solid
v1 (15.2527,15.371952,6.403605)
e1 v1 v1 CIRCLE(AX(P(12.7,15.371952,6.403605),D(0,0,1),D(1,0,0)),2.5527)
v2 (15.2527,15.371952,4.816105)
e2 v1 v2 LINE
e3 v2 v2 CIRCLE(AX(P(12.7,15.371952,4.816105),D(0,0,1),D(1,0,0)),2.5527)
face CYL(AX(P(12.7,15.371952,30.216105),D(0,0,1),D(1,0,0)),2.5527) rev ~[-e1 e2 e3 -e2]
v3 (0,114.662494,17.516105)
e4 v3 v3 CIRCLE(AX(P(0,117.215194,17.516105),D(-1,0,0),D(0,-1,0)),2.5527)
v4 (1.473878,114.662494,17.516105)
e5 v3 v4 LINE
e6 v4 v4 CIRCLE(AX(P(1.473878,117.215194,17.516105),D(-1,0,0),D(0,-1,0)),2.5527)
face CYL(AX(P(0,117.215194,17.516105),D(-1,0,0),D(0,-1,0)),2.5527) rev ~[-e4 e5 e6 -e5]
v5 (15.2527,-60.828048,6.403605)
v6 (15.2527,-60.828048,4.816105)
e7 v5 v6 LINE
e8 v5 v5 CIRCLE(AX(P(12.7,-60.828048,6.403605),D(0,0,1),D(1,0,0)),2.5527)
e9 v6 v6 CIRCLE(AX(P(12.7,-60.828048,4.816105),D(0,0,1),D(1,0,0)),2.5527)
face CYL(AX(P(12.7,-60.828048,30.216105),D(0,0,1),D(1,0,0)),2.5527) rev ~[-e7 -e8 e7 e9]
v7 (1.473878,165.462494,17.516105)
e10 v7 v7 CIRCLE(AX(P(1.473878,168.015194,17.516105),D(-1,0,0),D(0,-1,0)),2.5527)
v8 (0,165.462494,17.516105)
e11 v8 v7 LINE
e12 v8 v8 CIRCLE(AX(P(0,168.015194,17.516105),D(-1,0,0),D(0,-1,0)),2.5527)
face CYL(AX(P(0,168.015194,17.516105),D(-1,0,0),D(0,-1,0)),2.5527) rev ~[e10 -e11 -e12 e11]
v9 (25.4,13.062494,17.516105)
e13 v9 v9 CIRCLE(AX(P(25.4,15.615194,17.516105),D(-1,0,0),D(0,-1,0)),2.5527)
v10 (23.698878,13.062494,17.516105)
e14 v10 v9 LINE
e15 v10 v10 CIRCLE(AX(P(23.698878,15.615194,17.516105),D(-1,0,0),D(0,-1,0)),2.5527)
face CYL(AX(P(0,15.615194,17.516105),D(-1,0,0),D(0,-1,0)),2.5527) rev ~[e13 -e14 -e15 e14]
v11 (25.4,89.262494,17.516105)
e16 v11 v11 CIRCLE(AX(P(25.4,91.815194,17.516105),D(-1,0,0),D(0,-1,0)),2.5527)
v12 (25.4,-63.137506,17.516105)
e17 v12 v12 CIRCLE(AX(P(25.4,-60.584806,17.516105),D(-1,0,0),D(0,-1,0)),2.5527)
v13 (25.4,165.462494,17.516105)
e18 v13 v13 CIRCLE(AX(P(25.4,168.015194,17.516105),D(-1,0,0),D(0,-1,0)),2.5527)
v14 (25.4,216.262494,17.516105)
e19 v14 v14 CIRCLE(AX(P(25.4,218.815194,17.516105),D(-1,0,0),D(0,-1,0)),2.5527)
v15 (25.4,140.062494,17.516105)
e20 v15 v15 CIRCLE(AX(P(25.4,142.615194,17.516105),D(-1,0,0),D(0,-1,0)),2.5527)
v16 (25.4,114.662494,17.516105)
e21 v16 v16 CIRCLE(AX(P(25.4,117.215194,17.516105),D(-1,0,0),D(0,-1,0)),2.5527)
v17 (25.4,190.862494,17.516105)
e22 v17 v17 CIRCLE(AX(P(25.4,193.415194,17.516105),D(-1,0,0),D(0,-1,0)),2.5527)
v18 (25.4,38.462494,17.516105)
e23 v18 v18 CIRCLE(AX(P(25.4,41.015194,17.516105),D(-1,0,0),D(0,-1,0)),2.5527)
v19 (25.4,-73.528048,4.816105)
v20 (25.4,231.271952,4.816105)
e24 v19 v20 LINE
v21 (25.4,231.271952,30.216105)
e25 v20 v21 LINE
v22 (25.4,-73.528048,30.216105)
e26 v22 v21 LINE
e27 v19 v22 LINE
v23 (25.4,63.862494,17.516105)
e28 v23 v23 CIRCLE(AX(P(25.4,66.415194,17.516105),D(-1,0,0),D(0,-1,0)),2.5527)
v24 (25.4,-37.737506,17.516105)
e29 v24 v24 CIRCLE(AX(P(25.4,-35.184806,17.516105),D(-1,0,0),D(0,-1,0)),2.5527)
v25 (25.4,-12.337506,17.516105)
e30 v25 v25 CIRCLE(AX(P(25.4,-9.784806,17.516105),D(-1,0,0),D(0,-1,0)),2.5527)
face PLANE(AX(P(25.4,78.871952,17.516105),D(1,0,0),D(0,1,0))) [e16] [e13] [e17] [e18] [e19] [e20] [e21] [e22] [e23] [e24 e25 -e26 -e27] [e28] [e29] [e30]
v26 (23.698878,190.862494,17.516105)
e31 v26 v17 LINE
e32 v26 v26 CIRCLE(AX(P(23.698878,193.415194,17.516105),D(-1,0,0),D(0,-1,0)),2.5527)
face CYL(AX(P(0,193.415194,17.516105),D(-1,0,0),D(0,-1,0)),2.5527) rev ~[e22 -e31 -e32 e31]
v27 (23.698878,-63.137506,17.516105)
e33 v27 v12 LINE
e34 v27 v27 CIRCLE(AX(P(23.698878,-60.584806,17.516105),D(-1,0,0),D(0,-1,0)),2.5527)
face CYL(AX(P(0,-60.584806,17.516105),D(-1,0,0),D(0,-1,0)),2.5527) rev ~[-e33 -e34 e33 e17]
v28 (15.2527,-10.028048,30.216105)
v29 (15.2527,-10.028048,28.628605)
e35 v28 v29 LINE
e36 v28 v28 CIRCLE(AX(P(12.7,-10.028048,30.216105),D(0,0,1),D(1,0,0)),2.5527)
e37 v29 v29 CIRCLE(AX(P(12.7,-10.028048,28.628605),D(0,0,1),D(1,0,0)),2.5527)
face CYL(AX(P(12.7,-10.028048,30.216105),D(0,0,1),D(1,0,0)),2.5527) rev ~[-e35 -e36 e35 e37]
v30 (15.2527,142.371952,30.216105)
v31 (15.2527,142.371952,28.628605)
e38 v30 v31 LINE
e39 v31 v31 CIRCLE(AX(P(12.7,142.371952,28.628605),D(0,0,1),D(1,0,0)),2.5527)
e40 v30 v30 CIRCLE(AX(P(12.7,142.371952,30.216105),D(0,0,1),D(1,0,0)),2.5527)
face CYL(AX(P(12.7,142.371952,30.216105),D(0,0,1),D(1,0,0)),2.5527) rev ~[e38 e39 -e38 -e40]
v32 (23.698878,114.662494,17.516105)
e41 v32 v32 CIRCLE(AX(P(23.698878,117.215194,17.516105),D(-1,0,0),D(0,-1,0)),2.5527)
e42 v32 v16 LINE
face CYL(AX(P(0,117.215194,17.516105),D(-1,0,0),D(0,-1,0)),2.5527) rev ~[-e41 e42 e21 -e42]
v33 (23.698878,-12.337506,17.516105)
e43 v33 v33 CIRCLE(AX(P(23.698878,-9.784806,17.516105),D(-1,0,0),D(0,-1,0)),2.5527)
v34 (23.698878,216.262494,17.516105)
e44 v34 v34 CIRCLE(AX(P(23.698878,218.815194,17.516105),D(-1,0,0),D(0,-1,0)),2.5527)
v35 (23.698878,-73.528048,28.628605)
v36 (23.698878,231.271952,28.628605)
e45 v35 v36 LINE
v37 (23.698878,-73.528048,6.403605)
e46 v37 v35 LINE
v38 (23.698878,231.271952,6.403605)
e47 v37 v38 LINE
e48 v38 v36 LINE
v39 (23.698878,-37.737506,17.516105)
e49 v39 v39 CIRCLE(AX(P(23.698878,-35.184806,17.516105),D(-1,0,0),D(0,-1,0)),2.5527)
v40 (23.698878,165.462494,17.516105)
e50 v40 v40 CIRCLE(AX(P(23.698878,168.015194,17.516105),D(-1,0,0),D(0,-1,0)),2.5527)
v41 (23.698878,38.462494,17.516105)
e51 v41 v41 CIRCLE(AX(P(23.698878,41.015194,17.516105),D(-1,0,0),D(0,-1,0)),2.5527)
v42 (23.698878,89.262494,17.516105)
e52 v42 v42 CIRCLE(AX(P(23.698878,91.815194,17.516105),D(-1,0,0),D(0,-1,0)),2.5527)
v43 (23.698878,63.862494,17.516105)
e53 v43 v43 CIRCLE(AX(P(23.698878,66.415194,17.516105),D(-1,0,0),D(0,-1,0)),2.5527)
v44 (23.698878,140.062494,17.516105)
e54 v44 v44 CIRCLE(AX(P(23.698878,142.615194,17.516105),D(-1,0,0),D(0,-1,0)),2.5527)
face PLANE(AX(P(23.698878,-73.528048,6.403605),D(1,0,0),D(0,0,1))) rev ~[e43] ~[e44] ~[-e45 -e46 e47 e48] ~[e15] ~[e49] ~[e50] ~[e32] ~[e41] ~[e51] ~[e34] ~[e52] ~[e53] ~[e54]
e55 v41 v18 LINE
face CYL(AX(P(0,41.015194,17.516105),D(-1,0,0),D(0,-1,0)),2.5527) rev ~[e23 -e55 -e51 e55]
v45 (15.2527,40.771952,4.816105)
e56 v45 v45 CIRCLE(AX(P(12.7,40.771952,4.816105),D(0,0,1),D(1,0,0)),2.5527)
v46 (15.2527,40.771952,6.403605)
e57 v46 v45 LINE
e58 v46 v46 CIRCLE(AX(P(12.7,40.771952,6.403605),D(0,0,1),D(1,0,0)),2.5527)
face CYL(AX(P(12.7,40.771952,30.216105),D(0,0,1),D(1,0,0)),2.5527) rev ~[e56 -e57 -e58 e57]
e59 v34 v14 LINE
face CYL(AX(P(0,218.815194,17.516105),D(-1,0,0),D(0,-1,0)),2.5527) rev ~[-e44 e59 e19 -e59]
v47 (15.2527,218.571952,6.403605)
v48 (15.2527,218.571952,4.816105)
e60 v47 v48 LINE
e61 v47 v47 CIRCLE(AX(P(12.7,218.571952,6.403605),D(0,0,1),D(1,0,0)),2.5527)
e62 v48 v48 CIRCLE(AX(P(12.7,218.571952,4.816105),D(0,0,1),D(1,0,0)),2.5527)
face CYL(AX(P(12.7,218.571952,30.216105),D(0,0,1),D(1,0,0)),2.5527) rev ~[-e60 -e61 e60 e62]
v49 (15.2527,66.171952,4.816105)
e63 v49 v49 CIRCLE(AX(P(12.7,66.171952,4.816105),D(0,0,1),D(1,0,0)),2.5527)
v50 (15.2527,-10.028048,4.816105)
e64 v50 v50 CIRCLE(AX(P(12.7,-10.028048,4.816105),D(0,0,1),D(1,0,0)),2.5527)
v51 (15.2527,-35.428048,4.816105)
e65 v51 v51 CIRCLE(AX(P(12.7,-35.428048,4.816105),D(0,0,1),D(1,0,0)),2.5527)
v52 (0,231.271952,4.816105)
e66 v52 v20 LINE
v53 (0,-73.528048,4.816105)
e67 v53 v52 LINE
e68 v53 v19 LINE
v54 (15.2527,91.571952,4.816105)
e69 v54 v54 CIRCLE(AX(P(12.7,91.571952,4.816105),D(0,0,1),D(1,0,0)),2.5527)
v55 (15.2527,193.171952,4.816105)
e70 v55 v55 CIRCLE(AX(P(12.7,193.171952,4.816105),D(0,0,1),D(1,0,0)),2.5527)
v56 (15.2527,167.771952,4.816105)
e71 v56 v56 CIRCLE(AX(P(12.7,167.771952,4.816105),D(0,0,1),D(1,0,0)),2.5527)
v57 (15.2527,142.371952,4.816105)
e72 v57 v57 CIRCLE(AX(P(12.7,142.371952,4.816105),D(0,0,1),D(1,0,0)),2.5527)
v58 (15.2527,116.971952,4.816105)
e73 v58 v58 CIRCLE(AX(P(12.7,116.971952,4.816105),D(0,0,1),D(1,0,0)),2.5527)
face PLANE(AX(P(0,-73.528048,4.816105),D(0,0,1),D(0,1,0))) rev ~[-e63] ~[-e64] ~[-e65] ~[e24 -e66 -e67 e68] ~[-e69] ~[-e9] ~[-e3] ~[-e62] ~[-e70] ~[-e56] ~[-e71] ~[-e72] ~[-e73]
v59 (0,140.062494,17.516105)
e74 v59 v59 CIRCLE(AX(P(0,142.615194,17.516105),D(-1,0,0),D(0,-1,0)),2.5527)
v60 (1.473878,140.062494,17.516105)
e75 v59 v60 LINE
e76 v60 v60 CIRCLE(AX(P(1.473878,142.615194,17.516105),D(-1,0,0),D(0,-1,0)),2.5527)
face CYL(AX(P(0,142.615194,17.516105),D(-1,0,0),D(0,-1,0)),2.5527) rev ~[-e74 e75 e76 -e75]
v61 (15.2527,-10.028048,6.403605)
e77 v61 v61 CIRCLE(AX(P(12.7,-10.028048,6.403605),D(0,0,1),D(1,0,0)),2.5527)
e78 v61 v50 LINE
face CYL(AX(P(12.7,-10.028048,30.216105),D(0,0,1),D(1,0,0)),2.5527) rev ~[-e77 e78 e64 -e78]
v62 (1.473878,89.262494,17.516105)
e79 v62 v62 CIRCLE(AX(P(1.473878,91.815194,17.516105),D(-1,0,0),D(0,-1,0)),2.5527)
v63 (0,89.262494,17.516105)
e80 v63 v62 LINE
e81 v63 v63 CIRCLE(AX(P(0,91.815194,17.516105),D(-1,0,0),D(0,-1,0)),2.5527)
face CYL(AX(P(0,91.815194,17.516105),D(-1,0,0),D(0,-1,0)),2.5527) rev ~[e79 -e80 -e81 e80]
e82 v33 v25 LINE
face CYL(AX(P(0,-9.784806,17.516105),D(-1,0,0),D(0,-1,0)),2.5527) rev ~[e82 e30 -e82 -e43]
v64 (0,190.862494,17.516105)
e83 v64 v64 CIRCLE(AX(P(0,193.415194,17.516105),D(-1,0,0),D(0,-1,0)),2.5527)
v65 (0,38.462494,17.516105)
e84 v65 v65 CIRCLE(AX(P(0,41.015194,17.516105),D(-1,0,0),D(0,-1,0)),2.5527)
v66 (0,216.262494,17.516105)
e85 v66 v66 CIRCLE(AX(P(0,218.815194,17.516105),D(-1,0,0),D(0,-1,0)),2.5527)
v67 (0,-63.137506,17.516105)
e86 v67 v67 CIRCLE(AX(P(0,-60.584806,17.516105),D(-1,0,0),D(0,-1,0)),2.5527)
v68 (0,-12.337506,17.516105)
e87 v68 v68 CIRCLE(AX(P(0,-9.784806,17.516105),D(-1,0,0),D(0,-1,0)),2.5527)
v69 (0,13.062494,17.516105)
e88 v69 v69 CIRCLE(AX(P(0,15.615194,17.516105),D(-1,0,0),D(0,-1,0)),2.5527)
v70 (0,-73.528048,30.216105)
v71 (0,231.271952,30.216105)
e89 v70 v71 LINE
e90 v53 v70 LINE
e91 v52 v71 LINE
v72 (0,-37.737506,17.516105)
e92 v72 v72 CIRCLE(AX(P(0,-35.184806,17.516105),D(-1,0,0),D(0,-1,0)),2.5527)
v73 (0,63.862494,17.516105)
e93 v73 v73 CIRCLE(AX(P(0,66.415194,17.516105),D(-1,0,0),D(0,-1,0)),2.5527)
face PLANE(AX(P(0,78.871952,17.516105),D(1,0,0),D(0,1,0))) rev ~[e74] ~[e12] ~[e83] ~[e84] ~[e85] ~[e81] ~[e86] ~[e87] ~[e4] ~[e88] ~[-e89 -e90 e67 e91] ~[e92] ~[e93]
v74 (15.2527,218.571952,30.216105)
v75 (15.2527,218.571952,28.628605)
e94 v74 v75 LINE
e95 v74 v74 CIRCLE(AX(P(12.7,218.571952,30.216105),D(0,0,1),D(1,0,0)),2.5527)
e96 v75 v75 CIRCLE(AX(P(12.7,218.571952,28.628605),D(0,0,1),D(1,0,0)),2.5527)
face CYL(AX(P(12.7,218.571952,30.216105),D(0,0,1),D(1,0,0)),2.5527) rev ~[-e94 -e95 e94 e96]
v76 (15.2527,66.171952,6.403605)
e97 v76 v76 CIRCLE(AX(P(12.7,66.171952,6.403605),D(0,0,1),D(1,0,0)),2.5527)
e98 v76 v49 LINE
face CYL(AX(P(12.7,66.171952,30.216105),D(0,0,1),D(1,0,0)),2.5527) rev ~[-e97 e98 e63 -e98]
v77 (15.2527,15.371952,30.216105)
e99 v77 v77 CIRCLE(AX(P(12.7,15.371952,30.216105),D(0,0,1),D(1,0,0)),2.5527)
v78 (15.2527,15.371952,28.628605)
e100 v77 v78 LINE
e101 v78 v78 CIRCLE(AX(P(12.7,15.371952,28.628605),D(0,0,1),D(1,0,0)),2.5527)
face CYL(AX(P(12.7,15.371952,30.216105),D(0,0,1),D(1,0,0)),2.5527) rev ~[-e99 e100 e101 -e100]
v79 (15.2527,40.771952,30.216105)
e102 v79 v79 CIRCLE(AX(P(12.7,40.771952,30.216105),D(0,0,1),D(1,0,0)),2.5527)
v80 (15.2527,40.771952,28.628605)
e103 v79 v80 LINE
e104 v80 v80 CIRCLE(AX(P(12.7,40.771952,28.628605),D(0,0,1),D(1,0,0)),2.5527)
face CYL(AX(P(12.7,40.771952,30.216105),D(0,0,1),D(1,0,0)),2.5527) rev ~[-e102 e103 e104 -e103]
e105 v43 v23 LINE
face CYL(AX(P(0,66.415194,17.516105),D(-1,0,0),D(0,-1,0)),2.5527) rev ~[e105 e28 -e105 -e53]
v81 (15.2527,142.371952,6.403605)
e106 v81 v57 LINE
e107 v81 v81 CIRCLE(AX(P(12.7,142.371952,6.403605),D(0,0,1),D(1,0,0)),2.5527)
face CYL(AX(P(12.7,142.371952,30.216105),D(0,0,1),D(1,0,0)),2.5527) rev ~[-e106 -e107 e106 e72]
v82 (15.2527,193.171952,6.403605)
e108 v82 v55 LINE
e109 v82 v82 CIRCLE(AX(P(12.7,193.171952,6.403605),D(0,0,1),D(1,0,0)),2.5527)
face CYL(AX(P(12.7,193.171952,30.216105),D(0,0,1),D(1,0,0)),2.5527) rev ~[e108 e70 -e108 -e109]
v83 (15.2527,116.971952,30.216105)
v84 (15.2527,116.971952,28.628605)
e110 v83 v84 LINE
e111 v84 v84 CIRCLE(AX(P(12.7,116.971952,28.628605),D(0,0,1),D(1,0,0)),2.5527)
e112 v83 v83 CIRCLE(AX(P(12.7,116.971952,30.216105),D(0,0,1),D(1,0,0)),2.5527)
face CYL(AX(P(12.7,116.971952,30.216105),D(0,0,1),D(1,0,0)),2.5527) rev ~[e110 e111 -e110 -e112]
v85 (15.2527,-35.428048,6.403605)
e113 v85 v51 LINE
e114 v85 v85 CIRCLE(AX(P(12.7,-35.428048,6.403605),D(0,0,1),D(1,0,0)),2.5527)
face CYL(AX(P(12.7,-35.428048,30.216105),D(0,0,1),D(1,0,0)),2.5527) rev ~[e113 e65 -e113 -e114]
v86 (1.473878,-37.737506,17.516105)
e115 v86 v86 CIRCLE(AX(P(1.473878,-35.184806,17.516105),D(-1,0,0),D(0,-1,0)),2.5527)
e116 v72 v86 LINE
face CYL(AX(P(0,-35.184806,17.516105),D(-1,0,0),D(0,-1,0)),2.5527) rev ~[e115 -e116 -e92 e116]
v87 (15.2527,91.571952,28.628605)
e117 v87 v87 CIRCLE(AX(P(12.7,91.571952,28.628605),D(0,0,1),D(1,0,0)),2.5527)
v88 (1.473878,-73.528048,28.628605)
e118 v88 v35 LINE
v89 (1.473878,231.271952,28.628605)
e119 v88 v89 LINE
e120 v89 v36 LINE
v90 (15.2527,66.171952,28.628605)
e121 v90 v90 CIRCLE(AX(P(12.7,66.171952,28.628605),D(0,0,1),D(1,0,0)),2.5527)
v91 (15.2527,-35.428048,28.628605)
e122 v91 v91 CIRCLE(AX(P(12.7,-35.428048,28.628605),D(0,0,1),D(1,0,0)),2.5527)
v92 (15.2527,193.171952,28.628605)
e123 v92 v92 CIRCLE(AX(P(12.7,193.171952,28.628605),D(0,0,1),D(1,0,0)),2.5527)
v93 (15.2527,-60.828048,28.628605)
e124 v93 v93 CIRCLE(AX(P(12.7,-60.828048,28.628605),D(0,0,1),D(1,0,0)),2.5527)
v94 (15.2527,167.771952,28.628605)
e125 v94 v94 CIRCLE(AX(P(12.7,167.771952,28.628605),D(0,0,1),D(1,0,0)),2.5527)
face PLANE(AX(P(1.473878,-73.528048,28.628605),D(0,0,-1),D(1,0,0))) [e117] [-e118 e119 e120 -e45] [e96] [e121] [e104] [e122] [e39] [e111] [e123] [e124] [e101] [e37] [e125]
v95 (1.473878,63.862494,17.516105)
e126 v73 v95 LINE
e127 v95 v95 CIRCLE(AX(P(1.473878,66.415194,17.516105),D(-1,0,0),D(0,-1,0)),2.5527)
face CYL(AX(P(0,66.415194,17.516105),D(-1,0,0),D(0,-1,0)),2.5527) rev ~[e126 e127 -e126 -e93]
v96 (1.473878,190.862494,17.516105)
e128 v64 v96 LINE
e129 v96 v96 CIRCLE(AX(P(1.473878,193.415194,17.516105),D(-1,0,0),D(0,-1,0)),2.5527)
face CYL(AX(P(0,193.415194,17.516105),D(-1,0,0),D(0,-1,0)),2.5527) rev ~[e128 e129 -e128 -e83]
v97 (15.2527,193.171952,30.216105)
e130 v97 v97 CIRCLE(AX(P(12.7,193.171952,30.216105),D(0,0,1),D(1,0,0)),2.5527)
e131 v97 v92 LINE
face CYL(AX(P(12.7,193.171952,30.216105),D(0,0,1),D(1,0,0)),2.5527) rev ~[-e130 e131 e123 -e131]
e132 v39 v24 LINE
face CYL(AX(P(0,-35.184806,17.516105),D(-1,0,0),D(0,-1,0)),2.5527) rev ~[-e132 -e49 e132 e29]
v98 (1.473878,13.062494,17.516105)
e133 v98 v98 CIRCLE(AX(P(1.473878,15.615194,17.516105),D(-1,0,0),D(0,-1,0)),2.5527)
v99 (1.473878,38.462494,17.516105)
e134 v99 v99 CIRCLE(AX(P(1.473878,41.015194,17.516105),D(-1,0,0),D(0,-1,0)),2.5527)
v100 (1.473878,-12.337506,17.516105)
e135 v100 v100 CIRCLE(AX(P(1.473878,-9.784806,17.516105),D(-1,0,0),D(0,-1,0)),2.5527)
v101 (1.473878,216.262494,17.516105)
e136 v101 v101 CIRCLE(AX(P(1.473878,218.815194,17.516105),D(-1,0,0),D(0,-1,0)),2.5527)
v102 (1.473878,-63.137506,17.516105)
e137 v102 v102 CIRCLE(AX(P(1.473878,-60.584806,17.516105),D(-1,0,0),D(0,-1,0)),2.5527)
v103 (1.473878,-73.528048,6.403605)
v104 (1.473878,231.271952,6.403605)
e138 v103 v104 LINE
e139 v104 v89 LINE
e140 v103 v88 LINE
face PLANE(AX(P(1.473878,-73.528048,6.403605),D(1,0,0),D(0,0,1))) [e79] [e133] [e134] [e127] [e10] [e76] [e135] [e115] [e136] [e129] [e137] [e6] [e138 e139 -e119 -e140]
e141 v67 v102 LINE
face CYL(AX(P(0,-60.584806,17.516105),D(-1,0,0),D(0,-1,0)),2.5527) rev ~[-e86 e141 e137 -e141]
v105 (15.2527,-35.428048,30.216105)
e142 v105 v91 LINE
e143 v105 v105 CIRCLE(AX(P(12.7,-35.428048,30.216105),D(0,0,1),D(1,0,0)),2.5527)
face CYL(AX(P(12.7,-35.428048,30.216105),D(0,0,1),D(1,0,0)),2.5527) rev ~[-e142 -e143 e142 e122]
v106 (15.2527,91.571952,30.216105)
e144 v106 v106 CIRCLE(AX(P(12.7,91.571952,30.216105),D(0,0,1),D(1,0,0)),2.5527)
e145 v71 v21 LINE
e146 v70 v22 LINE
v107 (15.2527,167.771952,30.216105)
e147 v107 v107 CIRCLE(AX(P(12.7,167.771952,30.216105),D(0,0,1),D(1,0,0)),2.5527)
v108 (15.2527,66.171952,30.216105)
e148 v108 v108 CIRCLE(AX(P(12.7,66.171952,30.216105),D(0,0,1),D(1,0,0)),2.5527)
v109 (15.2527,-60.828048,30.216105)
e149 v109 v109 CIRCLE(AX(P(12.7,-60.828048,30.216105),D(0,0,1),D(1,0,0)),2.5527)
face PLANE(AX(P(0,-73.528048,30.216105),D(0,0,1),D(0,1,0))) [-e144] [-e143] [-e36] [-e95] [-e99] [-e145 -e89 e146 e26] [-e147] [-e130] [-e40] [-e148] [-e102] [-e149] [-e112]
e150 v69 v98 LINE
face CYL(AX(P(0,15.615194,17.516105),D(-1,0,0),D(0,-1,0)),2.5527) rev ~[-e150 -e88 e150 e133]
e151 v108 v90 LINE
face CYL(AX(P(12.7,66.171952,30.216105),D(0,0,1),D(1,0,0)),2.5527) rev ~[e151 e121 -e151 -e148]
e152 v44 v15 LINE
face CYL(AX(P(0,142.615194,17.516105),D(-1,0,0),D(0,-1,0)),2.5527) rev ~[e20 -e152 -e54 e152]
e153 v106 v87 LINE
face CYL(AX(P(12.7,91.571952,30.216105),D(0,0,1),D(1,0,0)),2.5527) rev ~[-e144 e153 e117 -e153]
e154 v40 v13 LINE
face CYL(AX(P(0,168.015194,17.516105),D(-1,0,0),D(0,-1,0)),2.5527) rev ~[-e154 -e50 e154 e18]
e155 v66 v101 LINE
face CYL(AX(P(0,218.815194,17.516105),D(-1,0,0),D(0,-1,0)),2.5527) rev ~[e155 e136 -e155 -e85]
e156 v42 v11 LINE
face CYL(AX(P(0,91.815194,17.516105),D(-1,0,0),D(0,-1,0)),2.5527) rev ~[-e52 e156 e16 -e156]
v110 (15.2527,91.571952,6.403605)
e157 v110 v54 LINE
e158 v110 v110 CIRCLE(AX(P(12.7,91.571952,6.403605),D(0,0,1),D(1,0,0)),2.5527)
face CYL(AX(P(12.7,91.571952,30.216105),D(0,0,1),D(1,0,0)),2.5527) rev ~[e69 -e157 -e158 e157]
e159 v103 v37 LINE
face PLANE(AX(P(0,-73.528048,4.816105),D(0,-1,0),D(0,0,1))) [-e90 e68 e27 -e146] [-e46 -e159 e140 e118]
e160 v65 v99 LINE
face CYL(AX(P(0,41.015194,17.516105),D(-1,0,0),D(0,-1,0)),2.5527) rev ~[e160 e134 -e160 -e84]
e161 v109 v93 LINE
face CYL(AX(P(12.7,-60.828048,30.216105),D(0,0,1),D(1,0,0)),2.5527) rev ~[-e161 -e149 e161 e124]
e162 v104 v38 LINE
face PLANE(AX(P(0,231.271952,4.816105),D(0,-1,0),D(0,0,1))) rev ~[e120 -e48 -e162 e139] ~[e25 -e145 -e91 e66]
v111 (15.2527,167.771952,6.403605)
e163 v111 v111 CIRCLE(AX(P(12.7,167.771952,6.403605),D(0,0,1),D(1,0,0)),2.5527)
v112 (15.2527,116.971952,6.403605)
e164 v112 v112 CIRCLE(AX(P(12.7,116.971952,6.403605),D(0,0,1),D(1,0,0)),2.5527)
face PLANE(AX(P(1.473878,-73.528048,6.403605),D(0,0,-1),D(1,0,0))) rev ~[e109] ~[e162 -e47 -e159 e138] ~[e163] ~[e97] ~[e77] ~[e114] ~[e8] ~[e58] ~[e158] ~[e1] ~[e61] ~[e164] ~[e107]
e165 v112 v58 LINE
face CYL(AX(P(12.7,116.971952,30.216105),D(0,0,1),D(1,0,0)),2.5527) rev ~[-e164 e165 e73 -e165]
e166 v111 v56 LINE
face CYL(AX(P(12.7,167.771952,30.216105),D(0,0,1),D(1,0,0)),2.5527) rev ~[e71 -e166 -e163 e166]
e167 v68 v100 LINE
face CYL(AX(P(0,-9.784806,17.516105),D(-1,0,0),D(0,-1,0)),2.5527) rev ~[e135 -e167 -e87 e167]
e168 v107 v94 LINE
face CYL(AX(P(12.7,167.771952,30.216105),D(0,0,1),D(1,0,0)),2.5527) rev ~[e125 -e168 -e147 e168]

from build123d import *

# Parameters (mm, degrees)
F0_W     = 304.8
F0_H     = 25.4
F1_DEPTH = 25.4
F2_W     = 22.225
F2_H     = 22.225
F3_DEPTH = 304.8
F4_R     = 2.5527
F5_DEPTH = 25.4
F6_R     = 2.5527
F7_DEPTH = 25.4


with BuildPart() as f1:
    # F0 (on Right) → F1 (new body)
    with BuildSketch(Plane.YZ):
        with Locations((78.871952, 17.516105)):
            Rectangle(F0_W, F0_H)
    extrude(amount=F1_DEPTH)

    # F2 (on face) → F3 (cut)
    with BuildSketch(Plane.XZ.offset(73.528048)):
        with Locations((12.586378, 17.516105)):
            Rectangle(F2_W, F2_H)
    extrude(amount=-F3_DEPTH, mode=Mode.SUBTRACT)

    # F4 (on face) → F5 (cut)
    with BuildSketch(Plane.XY.offset(30.216105)):
        with Locations((12.7, -60.828048)):
            Circle(F4_R)
        with Locations((12.7, -35.428048)):
            Circle(F4_R)
        with Locations((12.7, -10.028048)):
            Circle(F4_R)
        with Locations((12.7, 15.371952)):
            Circle(F4_R)
        with Locations((12.7, 40.771952)):
            Circle(F4_R)
        with Locations((12.7, 66.171952)):
            Circle(F4_R)
        with Locations((12.7, 91.571952)):
            Circle(F4_R)
        with Locations((12.7, 116.971952)):
            Circle(F4_R)
        with Locations((12.7, 142.371952)):
            Circle(F4_R)
        with Locations((12.7, 167.771952)):
            Circle(F4_R)
        with Locations((12.7, 193.171952)):
            Circle(F4_R)
        with Locations((12.7, 218.571952)):
            Circle(F4_R)
    extrude(amount=-F5_DEPTH, mode=Mode.SUBTRACT)

    # F6 (on face) → F7 (cut)
    with BuildSketch(Plane(origin=(0, 0, 0), x_dir=(0, -1, 0), z_dir=(-1, 0, 0))):
        with Locations((60.584806, 17.516105)):
            Circle(F6_R)
        with Locations((35.184806, 17.516105)):
            Circle(F6_R)
        with Locations((9.784806, 17.516105)):
            Circle(F6_R)
        with Locations((-15.615194, 17.516105)):
            Circle(F6_R)
        with Locations((-41.015194, 17.516105)):
            Circle(F6_R)
        with Locations((-66.415194, 17.516105)):
            Circle(F6_R)
        with Locations((-91.815194, 17.516105)):
            Circle(F6_R)
        with Locations((-117.215194, 17.516105)):
            Circle(F6_R)
        with Locations((-142.615194, 17.516105)):
            Circle(F6_R)
        with Locations((-168.015194, 17.516105)):
            Circle(F6_R)
        with Locations((-193.415194, 17.516105)):
            Circle(F6_R)
        with Locations((-218.815194, 17.516105)):
            Circle(F6_R)
    extrude(amount=-F7_DEPTH, mode=Mode.SUBTRACT)


solid = f1.part
